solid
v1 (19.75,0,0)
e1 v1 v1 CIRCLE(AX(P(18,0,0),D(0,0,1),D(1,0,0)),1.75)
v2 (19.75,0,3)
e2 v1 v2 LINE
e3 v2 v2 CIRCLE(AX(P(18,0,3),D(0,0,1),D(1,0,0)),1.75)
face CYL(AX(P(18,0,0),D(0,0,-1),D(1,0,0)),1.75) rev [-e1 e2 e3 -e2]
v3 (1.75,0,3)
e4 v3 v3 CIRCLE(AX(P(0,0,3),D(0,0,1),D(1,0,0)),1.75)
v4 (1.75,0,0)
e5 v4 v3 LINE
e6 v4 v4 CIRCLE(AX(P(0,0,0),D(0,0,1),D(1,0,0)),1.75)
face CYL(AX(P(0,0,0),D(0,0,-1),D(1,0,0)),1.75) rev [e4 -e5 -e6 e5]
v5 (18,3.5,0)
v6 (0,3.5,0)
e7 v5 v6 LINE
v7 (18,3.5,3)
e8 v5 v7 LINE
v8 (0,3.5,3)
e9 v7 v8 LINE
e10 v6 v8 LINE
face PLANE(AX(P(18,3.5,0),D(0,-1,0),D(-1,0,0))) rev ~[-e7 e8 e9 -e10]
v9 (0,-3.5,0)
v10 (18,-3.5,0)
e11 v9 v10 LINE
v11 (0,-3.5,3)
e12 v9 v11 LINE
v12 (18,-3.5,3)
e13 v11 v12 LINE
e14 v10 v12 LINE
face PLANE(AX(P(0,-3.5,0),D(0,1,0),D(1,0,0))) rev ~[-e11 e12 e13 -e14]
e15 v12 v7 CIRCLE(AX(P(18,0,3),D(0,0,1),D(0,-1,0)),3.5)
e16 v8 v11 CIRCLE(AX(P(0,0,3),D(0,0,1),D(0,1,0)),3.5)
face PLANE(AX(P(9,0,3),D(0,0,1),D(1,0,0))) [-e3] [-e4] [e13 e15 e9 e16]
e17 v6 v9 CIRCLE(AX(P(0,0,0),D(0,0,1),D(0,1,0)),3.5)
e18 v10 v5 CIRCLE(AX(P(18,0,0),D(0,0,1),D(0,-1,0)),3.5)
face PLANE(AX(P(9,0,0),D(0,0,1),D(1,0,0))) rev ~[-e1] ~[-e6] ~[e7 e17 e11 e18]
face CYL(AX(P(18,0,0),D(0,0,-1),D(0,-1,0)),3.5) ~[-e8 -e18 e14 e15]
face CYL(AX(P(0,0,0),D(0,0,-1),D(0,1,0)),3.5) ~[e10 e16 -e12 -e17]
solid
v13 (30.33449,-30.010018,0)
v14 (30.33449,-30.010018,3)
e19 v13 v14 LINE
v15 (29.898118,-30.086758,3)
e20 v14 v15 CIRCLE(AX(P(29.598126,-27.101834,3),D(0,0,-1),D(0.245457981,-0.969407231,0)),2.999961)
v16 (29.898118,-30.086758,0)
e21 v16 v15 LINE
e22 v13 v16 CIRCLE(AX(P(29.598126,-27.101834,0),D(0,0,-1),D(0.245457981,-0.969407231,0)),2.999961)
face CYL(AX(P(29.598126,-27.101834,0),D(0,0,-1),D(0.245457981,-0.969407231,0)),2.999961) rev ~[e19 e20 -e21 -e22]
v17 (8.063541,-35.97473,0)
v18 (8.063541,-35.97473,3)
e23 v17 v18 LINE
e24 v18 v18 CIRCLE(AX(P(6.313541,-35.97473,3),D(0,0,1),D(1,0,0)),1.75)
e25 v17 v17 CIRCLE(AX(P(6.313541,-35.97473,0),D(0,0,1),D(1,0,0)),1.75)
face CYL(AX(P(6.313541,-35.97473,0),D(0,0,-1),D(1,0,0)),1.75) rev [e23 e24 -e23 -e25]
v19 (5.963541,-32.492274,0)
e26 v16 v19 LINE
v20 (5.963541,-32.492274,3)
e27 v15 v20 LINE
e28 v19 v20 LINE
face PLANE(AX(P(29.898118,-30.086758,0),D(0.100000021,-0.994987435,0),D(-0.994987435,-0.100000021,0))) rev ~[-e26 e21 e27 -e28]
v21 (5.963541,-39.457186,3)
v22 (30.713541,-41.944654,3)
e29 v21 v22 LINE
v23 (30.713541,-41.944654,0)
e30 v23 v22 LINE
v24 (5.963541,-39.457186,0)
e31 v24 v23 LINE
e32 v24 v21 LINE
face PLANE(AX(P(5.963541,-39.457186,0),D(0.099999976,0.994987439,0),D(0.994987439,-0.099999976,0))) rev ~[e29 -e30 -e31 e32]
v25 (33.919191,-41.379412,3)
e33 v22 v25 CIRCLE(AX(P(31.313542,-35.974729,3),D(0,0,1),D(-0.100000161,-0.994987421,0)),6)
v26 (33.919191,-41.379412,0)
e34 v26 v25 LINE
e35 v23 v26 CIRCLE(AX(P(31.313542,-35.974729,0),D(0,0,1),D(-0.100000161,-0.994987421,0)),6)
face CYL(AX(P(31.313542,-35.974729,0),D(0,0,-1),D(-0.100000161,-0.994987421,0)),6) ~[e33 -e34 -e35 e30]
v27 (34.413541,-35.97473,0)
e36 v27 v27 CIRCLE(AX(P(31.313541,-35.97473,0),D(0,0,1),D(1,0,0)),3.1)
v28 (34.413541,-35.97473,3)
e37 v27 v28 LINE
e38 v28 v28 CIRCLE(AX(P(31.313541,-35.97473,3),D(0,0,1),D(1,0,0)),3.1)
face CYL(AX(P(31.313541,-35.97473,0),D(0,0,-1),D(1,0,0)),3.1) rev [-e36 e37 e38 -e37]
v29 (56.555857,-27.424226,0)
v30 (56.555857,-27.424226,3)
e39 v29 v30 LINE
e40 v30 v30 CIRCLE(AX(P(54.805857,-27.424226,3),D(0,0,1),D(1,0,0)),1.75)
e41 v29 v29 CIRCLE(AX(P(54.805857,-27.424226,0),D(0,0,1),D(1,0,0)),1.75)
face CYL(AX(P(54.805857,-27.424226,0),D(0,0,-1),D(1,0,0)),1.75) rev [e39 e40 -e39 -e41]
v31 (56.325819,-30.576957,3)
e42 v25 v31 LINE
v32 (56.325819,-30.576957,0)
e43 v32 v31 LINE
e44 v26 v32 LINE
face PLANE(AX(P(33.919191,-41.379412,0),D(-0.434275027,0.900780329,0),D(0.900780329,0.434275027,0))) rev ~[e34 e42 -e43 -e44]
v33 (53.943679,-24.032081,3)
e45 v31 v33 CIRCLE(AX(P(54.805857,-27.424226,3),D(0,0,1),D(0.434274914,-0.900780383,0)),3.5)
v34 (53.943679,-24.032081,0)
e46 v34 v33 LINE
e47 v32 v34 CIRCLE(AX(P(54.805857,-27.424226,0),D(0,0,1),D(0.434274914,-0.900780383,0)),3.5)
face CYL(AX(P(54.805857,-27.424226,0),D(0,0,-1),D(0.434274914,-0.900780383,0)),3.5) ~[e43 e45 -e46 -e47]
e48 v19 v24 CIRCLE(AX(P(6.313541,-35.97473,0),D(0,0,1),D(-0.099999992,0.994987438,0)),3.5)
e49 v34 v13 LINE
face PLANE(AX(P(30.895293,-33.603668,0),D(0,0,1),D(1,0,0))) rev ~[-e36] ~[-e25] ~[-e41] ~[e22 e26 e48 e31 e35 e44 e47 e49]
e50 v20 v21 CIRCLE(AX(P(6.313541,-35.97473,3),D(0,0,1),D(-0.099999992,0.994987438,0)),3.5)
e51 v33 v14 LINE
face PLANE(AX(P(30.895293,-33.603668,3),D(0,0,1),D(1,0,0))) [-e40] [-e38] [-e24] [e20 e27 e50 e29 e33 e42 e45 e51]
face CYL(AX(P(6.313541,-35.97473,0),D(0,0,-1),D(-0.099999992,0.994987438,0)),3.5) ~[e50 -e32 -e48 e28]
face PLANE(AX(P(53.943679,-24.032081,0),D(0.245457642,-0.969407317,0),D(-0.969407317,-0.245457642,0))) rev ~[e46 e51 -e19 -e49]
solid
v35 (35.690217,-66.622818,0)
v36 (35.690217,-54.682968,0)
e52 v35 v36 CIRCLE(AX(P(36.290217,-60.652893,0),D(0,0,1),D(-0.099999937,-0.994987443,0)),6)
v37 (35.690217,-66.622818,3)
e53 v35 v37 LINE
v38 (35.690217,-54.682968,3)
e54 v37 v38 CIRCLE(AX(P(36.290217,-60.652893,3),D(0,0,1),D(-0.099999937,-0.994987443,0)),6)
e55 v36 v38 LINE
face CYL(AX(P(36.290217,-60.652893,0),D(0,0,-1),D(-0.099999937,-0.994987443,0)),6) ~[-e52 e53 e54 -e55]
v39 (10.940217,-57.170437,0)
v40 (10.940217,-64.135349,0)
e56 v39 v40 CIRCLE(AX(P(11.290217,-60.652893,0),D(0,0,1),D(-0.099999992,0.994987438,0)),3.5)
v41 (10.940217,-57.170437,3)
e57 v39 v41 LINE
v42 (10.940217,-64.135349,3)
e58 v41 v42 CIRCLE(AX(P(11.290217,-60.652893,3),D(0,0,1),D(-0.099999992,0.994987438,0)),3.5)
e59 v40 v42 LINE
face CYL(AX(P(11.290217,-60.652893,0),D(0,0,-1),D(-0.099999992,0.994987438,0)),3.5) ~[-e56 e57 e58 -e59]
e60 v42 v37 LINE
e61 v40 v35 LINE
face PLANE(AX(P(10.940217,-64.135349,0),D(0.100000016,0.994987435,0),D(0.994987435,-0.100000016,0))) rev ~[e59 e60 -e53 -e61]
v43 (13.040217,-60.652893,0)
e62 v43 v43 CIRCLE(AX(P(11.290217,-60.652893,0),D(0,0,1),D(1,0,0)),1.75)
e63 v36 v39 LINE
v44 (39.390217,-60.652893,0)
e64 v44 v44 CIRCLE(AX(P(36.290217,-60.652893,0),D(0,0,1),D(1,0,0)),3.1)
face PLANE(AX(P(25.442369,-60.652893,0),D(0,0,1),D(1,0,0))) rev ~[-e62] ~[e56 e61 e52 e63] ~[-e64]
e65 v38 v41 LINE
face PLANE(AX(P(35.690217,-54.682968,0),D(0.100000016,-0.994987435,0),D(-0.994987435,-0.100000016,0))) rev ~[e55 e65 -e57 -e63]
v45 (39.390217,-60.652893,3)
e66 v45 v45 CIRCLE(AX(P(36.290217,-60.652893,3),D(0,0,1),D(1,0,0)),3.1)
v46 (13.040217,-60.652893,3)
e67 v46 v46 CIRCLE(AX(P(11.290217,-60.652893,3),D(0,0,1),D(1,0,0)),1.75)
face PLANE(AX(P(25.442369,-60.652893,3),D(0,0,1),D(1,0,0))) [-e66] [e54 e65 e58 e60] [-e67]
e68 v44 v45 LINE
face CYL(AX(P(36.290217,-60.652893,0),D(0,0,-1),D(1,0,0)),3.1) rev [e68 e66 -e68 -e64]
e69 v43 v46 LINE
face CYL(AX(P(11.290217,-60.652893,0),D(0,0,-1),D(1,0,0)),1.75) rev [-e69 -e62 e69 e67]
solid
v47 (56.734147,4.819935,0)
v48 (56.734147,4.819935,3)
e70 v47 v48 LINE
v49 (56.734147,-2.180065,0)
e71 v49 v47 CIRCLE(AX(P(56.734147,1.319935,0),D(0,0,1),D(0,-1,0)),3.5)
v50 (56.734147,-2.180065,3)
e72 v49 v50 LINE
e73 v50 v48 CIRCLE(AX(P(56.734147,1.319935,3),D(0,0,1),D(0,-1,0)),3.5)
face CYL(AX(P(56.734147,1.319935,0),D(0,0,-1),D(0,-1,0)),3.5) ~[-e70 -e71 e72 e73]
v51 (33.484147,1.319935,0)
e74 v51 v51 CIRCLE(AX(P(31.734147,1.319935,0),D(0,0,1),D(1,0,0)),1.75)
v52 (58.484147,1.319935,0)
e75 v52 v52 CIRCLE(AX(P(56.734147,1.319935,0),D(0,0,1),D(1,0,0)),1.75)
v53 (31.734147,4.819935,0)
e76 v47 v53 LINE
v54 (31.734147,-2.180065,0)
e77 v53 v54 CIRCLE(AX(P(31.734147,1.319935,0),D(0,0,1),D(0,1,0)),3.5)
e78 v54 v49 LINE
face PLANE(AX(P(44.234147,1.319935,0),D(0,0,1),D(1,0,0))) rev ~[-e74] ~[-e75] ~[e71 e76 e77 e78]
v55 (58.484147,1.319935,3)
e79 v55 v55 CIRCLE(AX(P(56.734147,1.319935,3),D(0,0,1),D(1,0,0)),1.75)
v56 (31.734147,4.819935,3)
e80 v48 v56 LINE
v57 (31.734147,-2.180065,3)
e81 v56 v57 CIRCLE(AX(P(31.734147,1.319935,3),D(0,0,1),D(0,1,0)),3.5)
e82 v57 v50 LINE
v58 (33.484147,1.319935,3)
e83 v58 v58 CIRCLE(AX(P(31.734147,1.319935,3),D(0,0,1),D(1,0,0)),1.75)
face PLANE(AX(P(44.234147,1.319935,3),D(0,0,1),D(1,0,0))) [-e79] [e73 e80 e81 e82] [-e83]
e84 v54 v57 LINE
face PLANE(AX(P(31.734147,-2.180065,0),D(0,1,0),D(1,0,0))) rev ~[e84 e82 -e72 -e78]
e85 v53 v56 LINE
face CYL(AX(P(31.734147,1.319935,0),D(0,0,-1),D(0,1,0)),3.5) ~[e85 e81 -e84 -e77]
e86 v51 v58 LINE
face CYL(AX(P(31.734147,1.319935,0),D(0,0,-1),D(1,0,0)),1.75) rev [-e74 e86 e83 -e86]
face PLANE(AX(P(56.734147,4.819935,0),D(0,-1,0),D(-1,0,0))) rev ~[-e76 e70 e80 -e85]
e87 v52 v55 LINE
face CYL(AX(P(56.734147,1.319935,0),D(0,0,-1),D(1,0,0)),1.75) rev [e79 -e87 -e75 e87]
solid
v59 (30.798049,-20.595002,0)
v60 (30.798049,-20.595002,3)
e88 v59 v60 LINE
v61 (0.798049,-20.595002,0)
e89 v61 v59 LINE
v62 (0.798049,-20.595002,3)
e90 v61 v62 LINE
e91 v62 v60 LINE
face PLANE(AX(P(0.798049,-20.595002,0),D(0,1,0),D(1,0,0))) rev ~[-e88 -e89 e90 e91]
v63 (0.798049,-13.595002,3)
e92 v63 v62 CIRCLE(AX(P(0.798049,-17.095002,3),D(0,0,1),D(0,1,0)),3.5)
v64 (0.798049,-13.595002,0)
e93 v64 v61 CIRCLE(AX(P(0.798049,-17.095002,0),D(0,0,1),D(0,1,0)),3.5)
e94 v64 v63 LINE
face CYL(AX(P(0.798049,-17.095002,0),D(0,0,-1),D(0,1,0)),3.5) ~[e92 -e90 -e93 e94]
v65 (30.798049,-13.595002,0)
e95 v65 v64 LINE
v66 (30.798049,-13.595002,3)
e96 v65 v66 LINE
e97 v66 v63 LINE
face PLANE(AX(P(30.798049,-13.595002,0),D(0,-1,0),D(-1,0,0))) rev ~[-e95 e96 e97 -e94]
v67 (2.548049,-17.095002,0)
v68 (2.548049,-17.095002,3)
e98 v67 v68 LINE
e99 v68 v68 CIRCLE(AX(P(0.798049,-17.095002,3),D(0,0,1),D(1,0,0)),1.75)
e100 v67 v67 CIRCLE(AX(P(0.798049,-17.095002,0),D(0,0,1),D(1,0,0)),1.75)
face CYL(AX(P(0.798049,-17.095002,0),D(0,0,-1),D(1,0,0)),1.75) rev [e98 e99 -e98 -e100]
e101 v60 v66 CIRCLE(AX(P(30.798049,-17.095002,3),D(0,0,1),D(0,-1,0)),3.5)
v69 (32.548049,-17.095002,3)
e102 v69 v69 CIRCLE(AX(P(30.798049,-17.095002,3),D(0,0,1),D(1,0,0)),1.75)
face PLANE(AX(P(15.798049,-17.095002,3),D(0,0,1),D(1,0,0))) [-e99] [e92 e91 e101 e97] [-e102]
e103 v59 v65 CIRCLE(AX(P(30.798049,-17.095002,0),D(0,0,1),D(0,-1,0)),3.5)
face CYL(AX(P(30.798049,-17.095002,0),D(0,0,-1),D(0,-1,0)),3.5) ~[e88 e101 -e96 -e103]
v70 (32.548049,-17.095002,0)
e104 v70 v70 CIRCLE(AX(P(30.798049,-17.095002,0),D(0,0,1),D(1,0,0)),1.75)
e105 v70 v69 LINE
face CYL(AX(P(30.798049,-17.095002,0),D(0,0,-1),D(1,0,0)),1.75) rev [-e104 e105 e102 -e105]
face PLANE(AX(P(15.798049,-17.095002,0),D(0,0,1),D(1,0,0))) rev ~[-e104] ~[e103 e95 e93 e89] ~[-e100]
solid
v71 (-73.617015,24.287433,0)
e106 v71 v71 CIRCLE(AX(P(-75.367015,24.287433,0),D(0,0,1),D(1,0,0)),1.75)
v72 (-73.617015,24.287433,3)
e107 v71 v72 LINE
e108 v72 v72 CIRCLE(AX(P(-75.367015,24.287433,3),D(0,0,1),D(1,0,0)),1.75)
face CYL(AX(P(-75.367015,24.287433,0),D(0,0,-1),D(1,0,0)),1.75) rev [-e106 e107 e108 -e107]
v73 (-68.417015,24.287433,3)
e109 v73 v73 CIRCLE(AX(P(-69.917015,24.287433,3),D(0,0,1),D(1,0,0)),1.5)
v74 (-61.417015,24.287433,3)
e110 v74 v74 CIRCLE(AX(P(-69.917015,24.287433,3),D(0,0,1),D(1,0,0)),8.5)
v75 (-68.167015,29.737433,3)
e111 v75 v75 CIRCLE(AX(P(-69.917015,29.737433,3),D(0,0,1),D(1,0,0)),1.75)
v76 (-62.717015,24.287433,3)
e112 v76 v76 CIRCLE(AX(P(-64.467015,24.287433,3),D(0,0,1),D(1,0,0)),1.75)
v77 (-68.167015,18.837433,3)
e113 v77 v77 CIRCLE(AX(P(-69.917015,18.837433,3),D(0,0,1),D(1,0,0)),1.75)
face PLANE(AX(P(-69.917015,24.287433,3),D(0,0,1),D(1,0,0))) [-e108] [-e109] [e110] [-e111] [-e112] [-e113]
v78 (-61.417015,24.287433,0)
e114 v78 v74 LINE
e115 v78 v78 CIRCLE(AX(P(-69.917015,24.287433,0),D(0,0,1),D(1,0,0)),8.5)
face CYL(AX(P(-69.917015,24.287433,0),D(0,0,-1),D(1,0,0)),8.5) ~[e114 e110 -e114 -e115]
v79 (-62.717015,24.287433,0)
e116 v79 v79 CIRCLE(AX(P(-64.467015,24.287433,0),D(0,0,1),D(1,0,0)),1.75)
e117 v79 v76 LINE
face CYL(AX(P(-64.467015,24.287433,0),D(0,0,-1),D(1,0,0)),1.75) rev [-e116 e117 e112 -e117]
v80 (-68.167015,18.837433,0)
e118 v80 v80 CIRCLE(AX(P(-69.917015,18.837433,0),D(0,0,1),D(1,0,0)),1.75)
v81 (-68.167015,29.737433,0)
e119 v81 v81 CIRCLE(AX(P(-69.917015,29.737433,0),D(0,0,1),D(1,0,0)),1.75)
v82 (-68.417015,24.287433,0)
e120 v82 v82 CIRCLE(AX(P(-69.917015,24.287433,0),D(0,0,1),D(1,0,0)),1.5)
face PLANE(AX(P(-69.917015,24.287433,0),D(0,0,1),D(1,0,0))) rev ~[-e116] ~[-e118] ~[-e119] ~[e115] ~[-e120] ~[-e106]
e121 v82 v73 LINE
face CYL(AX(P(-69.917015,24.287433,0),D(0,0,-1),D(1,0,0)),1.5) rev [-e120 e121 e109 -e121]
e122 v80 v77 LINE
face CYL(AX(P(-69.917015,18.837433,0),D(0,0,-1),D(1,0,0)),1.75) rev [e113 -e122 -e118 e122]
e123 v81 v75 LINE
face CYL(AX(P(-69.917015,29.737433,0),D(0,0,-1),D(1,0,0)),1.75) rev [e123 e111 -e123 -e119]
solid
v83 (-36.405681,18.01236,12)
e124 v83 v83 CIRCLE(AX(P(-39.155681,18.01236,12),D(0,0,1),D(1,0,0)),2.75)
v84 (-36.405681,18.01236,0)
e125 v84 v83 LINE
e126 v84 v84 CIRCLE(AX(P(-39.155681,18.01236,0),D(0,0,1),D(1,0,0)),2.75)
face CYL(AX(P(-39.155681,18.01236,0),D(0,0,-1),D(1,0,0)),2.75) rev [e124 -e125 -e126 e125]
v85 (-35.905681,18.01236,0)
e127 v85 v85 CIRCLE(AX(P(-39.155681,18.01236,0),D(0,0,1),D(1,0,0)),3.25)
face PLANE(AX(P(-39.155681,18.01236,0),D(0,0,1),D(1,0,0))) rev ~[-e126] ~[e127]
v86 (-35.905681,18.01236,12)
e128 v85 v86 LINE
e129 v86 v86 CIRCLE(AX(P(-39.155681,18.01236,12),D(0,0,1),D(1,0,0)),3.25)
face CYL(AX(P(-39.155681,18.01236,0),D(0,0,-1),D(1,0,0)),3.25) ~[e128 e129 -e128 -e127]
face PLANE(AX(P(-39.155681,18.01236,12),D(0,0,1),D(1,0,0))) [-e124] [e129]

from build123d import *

# Parameters (mm, degrees)
F0_R     = 1.75
F0_R_2   = 3.1
F1_DEPTH = 3
F2_R     = 8.5
F2_R_2   = 1.75
F2_R_3   = 1.5
F3_DEPTH = 3
F4_DEPTH = 3
F2_R_4   = 3.25
F2_R_5   = 2.75
F5_DEPTH = 12


with BuildPart() as f1:
    # F0 (on Top) → F1 (new body)
    with BuildSketch(Plane.XY):
        with BuildLine():
            Line((18, 3.5), (0, 3.5))
            ThreePointArc((0, 3.5), (-3.5, 0), (0, -3.5))
            Line((0, -3.5), (18, -3.5))
            ThreePointArc((18, -3.5), (21.5, 0), (18, 3.5))
        make_face()
        Circle(F0_R, mode=Mode.SUBTRACT)
        with Locations((18, 0)):
            Circle(F0_R, mode=Mode.SUBTRACT)
        with BuildLine():
            Line((30.798049, -13.595002), (0.798049, -13.595002))
            ThreePointArc((0.798049, -13.595002), (-2.701951, -17.095002), (0.798049, -20.595002))
            Line((0.798049, -20.595002), (30.798049, -20.595002))
            ThreePointArc((30.798049, -20.595002), (34.298049, -17.095002), (30.798049, -13.595002))
        make_face()
        with Locations((0.798049, -17.095002)):
            Circle(F0_R, mode=Mode.SUBTRACT)
        with Locations((30.798049, -17.095002)):
            Circle(F0_R, mode=Mode.SUBTRACT)
        with BuildLine():
            Line((29.898118, -30.086758), (5.963541, -32.492274))
            ThreePointArc((5.963541, -32.492274), (2.813541, -35.97473), (5.963541, -39.457186))
            Line((5.963541, -39.457186), (30.713541, -41.944654))
            ThreePointArc((30.713541, -41.944654), (32.355431, -41.883576), (33.919191, -41.379412))
            Line((33.919191, -41.379412), (56.325819, -30.576957))
            ThreePointArc((56.325819, -30.576957), (58.094781, -26.227156), (53.943679, -24.032081))
            Line((53.943679, -24.032081), (30.33449, -30.010018))
            ThreePointArc((30.33449, -30.010018), (30.117723, -30.056455), (29.898118, -30.086758))
        make_face()
        with Locations((6.313541, -35.97473)):
            Circle(F0_R, mode=Mode.SUBTRACT)
        with Locations((31.313541, -35.97473)):
            Circle(F0_R_2, mode=Mode.SUBTRACT)
        with Locations((54.805857, -27.424226)):
            Circle(F0_R, mode=Mode.SUBTRACT)
        with BuildLine():
            Line((35.690217, -54.682968), (10.940217, -57.170437))
            ThreePointArc((10.940217, -57.170437), (7.790217, -60.652893), (10.940217, -64.135349))
            Line((10.940217, -64.135349), (35.690217, -66.622818))
            ThreePointArc((35.690217, -66.622818), (42.290217, -60.652893), (35.690217, -54.682968))
        make_face()
        with Locations((11.290217, -60.652893)):
            Circle(F0_R, mode=Mode.SUBTRACT)
        with Locations((36.290217, -60.652893)):
            Circle(F0_R_2, mode=Mode.SUBTRACT)
    extrude(amount=F1_DEPTH)


with BuildPart() as f3:
    # F2 (on Top) → F3 (new body)
    with BuildSketch(Plane.XY):
        with Locations((-69.917015, 24.287433)):
            Circle(F2_R)
        with Locations((-69.917015, 18.837433)):
            Circle(F2_R_2, mode=Mode.SUBTRACT)
        with Locations((-75.367015, 24.287433)):
            Circle(F2_R_2, mode=Mode.SUBTRACT)
        with Locations((-69.917015, 24.287433)):
            Circle(F2_R_3, mode=Mode.SUBTRACT)
        with Locations((-64.467015, 24.287433)):
            Circle(F2_R_2, mode=Mode.SUBTRACT)
        with Locations((-69.917015, 29.737433)):
            Circle(F2_R_2, mode=Mode.SUBTRACT)
    extrude(amount=F3_DEPTH)


with BuildPart() as f4:
    # F0 (on Top) → F4 (new body)
    with BuildSketch(Plane.XY):
        with BuildLine():
            Line((56.734147, 4.819935), (31.734147, 4.819935))
            ThreePointArc((31.734147, 4.819935), (28.234147, 1.319935), (31.734147, -2.180065))
            Line((31.734147, -2.180065), (56.734147, -2.180065))
            ThreePointArc((56.734147, -2.180065), (60.234147, 1.319935), (56.734147, 4.819935))
        make_face()
        with Locations((31.734147, 1.319935)):
            Circle(F0_R, mode=Mode.SUBTRACT)
        with Locations((56.734147, 1.319935)):
            Circle(F0_R, mode=Mode.SUBTRACT)
    extrude(amount=F4_DEPTH)


with BuildPart() as f5:
    # F2 (on Top) → F5 (new body)
    with BuildSketch(Plane.XY):
        with Locations((-39.155681, 18.01236)):
            Circle(F2_R_4)
        with Locations((-39.155681, 18.01236)):
            Circle(F2_R_5, mode=Mode.SUBTRACT)
    extrude(amount=F5_DEPTH)


solid = Compound([f1.part, f3.part, f4.part, f5.part])
